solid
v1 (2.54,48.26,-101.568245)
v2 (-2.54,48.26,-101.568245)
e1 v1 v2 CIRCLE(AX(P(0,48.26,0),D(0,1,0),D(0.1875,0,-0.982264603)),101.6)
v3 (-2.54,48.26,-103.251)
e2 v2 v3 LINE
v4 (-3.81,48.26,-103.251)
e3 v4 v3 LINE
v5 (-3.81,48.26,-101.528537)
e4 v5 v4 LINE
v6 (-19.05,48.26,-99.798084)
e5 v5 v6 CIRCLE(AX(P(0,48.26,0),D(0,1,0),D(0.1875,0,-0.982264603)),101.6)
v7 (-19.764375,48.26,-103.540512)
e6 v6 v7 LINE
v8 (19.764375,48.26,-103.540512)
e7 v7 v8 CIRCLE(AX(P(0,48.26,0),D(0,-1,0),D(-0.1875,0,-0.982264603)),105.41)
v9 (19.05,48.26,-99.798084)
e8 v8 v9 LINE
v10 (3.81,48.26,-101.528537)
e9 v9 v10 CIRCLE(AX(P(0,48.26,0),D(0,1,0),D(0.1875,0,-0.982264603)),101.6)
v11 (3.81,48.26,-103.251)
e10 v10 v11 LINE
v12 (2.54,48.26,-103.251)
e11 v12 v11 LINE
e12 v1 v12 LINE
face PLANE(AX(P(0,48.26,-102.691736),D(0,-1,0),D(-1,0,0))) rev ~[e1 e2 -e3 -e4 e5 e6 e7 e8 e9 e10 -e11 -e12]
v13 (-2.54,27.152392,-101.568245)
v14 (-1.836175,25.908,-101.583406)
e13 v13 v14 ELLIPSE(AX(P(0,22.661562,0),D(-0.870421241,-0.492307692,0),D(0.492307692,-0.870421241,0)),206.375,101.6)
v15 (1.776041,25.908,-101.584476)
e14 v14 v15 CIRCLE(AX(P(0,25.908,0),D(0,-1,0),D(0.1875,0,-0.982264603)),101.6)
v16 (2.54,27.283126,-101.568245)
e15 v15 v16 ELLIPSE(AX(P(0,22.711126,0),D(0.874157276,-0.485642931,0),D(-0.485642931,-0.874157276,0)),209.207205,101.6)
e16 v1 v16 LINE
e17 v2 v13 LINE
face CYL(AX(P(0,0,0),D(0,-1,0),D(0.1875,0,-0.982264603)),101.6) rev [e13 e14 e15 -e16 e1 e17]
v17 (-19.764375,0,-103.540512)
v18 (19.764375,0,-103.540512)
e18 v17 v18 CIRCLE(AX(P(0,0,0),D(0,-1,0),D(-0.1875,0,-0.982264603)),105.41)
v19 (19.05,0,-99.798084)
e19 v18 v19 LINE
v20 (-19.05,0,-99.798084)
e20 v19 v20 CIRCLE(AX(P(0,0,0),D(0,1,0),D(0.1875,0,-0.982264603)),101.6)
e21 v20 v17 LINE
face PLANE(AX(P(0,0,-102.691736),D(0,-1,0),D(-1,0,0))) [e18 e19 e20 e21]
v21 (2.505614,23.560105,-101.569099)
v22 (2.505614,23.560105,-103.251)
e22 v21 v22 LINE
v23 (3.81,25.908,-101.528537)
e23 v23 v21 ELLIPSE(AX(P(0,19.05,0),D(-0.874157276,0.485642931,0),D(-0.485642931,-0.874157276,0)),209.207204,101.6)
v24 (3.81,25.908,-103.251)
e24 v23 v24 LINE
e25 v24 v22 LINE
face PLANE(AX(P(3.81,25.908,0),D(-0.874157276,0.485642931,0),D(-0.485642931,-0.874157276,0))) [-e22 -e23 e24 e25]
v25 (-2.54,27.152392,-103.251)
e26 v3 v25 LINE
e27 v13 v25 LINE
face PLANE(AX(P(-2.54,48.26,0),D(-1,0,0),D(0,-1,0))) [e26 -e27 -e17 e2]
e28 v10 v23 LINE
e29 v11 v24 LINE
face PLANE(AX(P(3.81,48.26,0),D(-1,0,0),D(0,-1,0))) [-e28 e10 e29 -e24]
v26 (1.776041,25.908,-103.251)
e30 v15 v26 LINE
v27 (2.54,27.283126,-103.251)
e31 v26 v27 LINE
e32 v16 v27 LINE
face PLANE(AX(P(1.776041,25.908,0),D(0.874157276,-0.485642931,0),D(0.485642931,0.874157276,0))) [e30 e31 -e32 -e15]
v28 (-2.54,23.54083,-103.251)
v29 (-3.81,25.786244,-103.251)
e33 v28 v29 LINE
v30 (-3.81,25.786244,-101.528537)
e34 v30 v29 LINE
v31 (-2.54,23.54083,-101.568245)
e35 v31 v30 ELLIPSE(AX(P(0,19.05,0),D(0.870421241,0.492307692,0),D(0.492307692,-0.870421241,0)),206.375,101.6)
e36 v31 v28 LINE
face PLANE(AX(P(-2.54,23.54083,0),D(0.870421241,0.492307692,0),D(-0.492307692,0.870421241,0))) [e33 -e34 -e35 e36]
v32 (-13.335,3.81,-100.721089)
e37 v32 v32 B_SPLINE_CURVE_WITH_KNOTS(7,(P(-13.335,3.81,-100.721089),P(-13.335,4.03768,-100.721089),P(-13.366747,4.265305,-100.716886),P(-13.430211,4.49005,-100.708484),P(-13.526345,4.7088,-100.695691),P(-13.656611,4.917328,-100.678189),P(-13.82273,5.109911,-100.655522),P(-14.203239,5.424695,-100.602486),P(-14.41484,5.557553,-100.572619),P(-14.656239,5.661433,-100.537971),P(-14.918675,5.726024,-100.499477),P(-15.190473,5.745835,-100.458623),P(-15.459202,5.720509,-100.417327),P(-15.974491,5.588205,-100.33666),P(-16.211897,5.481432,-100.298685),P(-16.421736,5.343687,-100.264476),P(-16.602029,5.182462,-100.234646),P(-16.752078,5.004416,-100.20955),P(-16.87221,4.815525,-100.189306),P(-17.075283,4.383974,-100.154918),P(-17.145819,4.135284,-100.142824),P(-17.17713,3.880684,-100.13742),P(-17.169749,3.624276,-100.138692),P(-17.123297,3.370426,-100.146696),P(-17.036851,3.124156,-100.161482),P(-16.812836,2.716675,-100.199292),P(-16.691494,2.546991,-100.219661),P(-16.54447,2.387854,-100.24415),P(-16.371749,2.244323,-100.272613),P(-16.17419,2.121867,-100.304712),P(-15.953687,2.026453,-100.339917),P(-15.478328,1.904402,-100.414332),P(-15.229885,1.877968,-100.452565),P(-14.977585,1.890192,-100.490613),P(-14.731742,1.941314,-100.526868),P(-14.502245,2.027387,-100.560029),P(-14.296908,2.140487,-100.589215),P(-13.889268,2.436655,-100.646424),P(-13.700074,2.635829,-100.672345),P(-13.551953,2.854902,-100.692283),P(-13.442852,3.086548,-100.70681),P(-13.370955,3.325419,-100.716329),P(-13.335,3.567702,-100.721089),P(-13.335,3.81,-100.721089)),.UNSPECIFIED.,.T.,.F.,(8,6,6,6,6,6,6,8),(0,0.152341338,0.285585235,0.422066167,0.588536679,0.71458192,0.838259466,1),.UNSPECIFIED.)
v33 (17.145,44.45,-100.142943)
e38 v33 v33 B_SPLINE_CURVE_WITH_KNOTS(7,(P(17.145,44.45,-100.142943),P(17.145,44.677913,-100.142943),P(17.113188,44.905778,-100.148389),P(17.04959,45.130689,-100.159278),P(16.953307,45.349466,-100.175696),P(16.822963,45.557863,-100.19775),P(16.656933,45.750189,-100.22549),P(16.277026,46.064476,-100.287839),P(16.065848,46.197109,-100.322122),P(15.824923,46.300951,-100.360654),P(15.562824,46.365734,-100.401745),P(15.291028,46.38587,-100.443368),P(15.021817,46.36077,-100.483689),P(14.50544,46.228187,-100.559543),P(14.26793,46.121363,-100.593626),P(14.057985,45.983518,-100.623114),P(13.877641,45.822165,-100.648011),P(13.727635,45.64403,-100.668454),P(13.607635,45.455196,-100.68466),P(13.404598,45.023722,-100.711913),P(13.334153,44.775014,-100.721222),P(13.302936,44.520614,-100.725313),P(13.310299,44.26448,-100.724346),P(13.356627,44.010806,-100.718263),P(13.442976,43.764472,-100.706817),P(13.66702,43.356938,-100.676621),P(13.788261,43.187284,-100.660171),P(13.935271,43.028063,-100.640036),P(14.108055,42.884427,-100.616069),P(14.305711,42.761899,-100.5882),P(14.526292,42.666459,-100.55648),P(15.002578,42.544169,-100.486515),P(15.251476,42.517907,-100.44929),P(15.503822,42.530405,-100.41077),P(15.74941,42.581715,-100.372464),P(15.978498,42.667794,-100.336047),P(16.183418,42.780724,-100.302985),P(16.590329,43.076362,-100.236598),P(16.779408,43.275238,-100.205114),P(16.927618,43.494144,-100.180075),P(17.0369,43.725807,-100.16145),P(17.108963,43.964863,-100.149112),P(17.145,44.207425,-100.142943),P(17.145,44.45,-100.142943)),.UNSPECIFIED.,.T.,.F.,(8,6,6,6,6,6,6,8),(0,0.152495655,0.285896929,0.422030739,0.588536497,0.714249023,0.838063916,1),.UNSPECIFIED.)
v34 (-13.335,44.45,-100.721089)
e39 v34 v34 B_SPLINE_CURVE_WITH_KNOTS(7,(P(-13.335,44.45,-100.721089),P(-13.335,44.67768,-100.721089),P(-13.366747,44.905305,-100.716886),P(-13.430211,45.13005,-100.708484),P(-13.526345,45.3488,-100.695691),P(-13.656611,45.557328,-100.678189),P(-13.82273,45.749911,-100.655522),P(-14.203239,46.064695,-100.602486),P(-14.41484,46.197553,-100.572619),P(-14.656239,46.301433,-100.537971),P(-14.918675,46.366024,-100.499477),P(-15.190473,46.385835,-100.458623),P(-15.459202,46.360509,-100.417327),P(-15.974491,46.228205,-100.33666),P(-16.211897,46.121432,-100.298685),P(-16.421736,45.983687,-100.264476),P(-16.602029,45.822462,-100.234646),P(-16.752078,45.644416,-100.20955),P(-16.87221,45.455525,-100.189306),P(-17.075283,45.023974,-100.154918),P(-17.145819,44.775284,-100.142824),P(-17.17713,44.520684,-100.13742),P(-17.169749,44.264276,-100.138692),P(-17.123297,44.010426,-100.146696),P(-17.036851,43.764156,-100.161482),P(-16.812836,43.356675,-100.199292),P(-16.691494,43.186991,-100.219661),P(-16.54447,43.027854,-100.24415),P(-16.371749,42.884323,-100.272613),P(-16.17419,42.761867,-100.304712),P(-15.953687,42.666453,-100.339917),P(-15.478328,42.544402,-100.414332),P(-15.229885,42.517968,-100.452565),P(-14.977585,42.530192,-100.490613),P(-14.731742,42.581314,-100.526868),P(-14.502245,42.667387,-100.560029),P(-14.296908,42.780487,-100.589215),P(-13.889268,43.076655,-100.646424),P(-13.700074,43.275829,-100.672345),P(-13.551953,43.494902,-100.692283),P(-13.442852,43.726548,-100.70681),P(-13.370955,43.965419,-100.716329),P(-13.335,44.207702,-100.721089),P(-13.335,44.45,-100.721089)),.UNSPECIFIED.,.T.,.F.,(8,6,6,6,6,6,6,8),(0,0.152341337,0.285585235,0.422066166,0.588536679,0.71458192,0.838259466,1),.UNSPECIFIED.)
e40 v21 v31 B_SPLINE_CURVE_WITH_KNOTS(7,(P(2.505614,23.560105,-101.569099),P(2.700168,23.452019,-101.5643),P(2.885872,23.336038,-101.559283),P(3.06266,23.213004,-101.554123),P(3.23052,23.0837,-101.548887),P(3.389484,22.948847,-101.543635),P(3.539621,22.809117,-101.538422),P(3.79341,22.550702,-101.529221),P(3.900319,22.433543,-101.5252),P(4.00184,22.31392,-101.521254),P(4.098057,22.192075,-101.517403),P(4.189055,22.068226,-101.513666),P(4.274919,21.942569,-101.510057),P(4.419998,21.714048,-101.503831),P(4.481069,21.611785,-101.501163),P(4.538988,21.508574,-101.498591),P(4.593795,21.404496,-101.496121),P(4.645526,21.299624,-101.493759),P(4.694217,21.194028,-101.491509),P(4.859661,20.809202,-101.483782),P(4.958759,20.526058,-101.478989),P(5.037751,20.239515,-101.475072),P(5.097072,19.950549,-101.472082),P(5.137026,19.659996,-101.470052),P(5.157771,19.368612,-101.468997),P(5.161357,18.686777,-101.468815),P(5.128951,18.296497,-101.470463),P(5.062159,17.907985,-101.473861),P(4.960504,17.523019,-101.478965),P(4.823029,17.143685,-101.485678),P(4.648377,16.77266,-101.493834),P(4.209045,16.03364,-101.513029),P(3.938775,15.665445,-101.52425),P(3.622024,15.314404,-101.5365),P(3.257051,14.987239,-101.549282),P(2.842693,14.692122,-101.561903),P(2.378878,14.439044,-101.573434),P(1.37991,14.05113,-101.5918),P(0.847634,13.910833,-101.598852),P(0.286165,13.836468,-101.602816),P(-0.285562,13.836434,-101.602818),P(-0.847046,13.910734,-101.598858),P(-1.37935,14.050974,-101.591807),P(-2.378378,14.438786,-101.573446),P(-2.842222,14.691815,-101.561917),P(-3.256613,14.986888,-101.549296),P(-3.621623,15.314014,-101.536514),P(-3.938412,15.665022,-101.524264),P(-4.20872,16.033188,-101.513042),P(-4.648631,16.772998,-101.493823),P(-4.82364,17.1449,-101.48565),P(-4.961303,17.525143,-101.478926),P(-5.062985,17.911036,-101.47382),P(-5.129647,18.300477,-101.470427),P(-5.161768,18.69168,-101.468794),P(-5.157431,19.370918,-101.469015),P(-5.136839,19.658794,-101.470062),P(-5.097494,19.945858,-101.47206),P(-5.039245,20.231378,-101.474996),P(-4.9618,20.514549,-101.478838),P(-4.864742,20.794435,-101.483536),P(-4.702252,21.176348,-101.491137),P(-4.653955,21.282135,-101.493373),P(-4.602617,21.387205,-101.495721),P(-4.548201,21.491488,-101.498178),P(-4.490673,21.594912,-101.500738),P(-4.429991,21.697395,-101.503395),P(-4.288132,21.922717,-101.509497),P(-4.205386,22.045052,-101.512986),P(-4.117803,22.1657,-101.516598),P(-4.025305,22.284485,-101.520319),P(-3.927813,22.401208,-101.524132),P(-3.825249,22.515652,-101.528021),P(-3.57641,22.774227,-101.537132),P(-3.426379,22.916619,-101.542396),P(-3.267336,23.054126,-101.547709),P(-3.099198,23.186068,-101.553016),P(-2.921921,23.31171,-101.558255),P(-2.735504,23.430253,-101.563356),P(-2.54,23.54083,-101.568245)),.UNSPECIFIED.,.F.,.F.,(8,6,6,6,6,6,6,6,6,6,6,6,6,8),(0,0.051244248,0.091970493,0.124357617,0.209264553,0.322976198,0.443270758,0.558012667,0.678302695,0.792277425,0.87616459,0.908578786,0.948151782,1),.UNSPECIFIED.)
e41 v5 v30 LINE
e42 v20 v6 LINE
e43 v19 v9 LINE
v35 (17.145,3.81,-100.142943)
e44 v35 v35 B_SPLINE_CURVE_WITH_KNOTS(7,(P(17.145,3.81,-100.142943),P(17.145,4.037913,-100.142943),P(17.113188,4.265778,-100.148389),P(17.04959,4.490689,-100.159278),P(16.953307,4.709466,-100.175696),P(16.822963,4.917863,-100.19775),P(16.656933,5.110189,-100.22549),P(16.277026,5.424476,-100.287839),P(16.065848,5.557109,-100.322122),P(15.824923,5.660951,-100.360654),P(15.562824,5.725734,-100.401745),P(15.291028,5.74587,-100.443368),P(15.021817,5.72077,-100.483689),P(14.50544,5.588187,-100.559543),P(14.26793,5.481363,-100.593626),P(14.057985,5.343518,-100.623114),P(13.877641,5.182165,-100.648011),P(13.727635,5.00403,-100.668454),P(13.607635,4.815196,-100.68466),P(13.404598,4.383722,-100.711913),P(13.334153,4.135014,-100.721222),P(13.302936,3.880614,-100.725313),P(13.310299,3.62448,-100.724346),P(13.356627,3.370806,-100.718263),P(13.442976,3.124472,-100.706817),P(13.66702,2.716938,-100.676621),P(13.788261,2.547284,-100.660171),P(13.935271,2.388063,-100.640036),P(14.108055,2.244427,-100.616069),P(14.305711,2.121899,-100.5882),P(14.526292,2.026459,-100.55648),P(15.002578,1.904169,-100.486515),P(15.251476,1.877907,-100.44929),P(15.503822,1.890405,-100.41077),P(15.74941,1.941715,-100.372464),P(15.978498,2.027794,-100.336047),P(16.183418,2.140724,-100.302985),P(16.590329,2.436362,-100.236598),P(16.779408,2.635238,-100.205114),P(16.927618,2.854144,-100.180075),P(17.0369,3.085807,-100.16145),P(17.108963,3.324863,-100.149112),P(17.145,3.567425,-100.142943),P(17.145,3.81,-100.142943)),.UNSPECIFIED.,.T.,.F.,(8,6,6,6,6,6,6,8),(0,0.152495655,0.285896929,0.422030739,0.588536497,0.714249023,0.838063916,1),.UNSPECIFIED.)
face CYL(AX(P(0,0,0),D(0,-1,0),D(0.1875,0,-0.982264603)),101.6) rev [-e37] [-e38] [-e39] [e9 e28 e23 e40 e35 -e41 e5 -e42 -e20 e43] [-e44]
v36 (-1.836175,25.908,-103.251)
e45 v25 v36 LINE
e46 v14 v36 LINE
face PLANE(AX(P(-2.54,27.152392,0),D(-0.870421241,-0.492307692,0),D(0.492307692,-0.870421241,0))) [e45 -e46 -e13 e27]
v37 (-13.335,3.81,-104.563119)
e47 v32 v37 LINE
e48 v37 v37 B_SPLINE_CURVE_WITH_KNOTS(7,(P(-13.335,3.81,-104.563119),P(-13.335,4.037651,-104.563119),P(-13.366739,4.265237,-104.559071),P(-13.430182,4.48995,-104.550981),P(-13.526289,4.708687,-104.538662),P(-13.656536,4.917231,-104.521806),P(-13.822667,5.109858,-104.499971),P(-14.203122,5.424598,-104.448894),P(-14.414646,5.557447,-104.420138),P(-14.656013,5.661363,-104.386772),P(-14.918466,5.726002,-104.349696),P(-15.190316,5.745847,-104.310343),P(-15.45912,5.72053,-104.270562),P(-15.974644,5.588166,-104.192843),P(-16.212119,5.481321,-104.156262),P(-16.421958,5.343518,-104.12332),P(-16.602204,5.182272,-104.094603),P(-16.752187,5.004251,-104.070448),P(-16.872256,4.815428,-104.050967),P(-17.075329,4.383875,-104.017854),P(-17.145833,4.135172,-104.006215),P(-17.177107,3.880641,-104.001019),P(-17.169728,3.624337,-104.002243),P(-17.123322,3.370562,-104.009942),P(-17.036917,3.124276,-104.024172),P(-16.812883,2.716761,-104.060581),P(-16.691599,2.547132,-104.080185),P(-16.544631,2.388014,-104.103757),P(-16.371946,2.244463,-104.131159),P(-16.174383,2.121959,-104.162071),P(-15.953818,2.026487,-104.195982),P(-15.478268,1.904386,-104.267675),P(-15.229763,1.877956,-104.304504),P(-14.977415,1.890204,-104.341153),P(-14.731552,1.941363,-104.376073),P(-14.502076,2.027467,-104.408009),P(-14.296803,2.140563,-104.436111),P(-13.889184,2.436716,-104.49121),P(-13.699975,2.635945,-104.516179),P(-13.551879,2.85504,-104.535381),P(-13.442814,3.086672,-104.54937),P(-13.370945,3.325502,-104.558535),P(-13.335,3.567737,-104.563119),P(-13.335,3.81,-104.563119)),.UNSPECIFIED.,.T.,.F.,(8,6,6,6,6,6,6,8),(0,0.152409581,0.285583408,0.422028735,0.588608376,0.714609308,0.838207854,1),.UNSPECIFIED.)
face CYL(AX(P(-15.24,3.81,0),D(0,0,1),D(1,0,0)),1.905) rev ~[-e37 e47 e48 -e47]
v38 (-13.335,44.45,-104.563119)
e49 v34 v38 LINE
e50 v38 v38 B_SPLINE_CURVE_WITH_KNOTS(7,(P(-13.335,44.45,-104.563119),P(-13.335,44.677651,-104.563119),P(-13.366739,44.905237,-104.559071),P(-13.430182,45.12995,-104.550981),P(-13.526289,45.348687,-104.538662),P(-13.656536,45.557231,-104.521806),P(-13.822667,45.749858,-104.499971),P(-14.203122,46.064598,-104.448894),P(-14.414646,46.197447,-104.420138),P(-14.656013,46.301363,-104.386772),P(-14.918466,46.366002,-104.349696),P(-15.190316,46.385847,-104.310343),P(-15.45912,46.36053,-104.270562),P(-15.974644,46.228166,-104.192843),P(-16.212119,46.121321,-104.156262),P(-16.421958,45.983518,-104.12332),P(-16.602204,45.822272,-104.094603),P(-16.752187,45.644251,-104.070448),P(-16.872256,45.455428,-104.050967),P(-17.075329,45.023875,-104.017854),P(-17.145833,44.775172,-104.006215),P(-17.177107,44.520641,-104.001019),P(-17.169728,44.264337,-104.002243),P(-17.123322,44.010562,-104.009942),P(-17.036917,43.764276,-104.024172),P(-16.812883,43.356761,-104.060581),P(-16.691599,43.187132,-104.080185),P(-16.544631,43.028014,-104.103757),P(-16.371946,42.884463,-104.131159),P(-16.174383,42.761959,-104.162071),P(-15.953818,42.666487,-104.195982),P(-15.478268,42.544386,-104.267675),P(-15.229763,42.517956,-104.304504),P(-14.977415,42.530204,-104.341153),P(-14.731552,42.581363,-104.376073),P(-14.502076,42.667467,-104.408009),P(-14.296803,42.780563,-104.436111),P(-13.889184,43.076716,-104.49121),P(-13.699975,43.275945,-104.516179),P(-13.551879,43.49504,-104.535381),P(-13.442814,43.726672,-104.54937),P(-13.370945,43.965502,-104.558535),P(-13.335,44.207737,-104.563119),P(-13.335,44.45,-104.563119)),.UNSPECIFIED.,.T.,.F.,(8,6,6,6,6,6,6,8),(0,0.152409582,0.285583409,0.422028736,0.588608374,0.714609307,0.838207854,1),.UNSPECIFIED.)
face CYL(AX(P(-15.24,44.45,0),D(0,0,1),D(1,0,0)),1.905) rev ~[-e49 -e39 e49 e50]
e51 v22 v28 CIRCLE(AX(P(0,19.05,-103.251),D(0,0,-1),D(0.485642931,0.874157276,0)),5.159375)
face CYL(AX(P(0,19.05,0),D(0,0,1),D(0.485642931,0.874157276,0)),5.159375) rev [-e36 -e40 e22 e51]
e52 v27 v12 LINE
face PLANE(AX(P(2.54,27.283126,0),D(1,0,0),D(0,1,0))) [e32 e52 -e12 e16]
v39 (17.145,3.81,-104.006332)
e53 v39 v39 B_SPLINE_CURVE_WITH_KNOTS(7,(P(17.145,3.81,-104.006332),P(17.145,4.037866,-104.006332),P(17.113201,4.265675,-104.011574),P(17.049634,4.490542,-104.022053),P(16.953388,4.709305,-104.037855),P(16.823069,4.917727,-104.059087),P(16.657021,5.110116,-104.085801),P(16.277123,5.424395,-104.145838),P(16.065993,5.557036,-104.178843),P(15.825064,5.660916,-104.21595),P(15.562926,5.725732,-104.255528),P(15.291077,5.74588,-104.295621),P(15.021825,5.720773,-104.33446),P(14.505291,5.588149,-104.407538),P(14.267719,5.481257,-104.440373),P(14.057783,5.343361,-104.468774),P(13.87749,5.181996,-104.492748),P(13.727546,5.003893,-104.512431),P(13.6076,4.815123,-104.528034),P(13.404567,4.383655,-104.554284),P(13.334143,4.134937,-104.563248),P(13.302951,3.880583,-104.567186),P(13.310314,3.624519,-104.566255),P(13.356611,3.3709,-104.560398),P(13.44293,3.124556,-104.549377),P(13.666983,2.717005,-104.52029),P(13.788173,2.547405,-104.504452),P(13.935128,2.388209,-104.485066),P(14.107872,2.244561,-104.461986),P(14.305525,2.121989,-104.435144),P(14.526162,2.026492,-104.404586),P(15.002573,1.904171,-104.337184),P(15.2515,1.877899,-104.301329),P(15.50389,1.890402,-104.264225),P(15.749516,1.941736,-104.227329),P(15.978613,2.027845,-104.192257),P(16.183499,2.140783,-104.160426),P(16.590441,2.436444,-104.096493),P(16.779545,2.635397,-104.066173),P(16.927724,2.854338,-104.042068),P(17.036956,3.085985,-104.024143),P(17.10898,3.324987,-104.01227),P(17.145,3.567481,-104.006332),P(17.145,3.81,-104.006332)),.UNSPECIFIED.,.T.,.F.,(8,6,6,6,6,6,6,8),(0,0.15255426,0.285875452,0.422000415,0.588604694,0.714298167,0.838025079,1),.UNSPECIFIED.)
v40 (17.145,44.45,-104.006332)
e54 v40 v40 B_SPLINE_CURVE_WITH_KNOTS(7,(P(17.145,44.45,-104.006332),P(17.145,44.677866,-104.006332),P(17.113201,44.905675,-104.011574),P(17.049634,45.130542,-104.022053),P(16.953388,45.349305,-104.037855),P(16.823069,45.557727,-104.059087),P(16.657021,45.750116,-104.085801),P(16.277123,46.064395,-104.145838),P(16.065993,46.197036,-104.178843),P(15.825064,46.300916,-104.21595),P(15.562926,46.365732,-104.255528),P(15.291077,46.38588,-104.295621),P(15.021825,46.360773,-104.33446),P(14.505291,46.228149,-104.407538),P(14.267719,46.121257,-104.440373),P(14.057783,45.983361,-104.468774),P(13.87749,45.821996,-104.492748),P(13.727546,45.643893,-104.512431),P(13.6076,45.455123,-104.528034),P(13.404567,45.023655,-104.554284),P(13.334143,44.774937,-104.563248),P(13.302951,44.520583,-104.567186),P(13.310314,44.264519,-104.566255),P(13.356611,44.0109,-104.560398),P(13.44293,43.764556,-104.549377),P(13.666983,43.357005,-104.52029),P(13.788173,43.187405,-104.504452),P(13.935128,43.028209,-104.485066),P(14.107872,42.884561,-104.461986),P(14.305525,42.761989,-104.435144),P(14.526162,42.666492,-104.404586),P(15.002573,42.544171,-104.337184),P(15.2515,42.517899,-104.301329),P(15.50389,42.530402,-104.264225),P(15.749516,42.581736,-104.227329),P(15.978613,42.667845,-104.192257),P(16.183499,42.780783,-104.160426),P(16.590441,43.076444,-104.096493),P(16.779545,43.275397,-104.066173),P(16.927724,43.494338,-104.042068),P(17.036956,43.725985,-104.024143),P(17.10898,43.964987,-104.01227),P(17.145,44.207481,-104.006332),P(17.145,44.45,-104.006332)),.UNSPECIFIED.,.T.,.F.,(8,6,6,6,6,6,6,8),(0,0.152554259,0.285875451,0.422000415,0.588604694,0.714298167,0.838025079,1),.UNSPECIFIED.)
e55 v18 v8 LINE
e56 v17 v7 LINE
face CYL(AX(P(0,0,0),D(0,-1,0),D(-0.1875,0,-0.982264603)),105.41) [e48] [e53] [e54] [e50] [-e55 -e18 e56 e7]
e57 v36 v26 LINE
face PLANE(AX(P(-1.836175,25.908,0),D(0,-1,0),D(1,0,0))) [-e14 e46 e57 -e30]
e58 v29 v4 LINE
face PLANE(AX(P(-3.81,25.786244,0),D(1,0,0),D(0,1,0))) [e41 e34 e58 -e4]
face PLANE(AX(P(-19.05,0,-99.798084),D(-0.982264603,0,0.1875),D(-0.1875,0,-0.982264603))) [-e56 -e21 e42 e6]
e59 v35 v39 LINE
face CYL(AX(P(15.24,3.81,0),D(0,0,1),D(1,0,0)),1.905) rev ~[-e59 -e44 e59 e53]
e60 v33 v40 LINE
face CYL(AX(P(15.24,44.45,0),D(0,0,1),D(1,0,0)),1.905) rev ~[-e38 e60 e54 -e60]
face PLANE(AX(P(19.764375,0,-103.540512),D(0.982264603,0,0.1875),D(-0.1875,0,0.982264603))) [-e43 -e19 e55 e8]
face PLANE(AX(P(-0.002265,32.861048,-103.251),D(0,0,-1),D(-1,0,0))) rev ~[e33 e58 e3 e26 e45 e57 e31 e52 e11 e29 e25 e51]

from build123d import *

# Parameters (mm, degrees)
BOSS_EXTRUDE1_DEPTH = 48.26
CUT_EXTRUDE1_DEPTH  = 103.251
SKETCH3_R           = 1.905
CUT_EXTRUDE2_DEPTH  = 118.604958351


with BuildPart() as part:
    # Sketch1 → Boss-Extrude1 (new body)
    with BuildSketch(Plane(origin=(0, 0, 0), x_dir=(1, 0, 0), z_dir=(0, 1, 0))):
        with BuildLine():
            Line((-19.05, 99.798083649), (-19.764375, 103.540511786))
            ThreePointArc((-19.764375, 103.540511786), (0, 105.41), (19.764375, 103.540511786))
            Line((19.764375, 103.540511786), (19.05, 99.798083649))
            ThreePointArc((19.05, 99.798083649), (0, 101.6), (-19.05, 99.798083649))
        make_face()
    extrude(amount=BOSS_EXTRUDE1_DEPTH)

    # Sketch2 → Cut-Extrude1 (cut)
    with BuildSketch(Plane.XY):
        with BuildLine():
            Line((-2.54, 23.540829588), (-3.81, 25.786244382))
            Line((-3.81, 25.786244382), (-3.81, 48.26))
            Line((-3.81, 48.26), (-2.54, 48.26))
            Line((-2.54, 48.26), (-2.54, 27.152392088))
            Line((-2.54, 27.152392088), (-1.836175497, 25.908))
            Line((-1.836175497, 25.908), (1.776041068, 25.908))
            Line((1.776041068, 25.908), (2.54, 27.283126078))
            Line((2.54, 27.283126078), (2.54, 48.26))
            Line((2.54, 48.26), (3.81, 48.26))
            Line((3.81, 48.26), (3.81, 25.908))
            Line((3.81, 25.908), (2.505613998, 23.560105196))
            ThreePointArc((2.505613998, 23.560105196), (0.019710062, 13.890662649), (-2.54, 23.540829588))
        make_face()
    extrude(amount=-CUT_EXTRUDE1_DEPTH, mode=Mode.SUBTRACT)

    # Sketch3 → Cut-Extrude2 (cut, through all)
    with BuildSketch(Plane.XY):
        with Locations((-15.24, 44.45)):
            Circle(SKETCH3_R)
        with Locations((15.24, 44.45)):
            Circle(SKETCH3_R)
        with Locations((-15.24, 3.81)):
            Circle(SKETCH3_R)
        with Locations((15.24, 3.81)):
            Circle(SKETCH3_R)
    extrude(amount=-CUT_EXTRUDE2_DEPTH, mode=Mode.SUBTRACT)


solid = part.part
